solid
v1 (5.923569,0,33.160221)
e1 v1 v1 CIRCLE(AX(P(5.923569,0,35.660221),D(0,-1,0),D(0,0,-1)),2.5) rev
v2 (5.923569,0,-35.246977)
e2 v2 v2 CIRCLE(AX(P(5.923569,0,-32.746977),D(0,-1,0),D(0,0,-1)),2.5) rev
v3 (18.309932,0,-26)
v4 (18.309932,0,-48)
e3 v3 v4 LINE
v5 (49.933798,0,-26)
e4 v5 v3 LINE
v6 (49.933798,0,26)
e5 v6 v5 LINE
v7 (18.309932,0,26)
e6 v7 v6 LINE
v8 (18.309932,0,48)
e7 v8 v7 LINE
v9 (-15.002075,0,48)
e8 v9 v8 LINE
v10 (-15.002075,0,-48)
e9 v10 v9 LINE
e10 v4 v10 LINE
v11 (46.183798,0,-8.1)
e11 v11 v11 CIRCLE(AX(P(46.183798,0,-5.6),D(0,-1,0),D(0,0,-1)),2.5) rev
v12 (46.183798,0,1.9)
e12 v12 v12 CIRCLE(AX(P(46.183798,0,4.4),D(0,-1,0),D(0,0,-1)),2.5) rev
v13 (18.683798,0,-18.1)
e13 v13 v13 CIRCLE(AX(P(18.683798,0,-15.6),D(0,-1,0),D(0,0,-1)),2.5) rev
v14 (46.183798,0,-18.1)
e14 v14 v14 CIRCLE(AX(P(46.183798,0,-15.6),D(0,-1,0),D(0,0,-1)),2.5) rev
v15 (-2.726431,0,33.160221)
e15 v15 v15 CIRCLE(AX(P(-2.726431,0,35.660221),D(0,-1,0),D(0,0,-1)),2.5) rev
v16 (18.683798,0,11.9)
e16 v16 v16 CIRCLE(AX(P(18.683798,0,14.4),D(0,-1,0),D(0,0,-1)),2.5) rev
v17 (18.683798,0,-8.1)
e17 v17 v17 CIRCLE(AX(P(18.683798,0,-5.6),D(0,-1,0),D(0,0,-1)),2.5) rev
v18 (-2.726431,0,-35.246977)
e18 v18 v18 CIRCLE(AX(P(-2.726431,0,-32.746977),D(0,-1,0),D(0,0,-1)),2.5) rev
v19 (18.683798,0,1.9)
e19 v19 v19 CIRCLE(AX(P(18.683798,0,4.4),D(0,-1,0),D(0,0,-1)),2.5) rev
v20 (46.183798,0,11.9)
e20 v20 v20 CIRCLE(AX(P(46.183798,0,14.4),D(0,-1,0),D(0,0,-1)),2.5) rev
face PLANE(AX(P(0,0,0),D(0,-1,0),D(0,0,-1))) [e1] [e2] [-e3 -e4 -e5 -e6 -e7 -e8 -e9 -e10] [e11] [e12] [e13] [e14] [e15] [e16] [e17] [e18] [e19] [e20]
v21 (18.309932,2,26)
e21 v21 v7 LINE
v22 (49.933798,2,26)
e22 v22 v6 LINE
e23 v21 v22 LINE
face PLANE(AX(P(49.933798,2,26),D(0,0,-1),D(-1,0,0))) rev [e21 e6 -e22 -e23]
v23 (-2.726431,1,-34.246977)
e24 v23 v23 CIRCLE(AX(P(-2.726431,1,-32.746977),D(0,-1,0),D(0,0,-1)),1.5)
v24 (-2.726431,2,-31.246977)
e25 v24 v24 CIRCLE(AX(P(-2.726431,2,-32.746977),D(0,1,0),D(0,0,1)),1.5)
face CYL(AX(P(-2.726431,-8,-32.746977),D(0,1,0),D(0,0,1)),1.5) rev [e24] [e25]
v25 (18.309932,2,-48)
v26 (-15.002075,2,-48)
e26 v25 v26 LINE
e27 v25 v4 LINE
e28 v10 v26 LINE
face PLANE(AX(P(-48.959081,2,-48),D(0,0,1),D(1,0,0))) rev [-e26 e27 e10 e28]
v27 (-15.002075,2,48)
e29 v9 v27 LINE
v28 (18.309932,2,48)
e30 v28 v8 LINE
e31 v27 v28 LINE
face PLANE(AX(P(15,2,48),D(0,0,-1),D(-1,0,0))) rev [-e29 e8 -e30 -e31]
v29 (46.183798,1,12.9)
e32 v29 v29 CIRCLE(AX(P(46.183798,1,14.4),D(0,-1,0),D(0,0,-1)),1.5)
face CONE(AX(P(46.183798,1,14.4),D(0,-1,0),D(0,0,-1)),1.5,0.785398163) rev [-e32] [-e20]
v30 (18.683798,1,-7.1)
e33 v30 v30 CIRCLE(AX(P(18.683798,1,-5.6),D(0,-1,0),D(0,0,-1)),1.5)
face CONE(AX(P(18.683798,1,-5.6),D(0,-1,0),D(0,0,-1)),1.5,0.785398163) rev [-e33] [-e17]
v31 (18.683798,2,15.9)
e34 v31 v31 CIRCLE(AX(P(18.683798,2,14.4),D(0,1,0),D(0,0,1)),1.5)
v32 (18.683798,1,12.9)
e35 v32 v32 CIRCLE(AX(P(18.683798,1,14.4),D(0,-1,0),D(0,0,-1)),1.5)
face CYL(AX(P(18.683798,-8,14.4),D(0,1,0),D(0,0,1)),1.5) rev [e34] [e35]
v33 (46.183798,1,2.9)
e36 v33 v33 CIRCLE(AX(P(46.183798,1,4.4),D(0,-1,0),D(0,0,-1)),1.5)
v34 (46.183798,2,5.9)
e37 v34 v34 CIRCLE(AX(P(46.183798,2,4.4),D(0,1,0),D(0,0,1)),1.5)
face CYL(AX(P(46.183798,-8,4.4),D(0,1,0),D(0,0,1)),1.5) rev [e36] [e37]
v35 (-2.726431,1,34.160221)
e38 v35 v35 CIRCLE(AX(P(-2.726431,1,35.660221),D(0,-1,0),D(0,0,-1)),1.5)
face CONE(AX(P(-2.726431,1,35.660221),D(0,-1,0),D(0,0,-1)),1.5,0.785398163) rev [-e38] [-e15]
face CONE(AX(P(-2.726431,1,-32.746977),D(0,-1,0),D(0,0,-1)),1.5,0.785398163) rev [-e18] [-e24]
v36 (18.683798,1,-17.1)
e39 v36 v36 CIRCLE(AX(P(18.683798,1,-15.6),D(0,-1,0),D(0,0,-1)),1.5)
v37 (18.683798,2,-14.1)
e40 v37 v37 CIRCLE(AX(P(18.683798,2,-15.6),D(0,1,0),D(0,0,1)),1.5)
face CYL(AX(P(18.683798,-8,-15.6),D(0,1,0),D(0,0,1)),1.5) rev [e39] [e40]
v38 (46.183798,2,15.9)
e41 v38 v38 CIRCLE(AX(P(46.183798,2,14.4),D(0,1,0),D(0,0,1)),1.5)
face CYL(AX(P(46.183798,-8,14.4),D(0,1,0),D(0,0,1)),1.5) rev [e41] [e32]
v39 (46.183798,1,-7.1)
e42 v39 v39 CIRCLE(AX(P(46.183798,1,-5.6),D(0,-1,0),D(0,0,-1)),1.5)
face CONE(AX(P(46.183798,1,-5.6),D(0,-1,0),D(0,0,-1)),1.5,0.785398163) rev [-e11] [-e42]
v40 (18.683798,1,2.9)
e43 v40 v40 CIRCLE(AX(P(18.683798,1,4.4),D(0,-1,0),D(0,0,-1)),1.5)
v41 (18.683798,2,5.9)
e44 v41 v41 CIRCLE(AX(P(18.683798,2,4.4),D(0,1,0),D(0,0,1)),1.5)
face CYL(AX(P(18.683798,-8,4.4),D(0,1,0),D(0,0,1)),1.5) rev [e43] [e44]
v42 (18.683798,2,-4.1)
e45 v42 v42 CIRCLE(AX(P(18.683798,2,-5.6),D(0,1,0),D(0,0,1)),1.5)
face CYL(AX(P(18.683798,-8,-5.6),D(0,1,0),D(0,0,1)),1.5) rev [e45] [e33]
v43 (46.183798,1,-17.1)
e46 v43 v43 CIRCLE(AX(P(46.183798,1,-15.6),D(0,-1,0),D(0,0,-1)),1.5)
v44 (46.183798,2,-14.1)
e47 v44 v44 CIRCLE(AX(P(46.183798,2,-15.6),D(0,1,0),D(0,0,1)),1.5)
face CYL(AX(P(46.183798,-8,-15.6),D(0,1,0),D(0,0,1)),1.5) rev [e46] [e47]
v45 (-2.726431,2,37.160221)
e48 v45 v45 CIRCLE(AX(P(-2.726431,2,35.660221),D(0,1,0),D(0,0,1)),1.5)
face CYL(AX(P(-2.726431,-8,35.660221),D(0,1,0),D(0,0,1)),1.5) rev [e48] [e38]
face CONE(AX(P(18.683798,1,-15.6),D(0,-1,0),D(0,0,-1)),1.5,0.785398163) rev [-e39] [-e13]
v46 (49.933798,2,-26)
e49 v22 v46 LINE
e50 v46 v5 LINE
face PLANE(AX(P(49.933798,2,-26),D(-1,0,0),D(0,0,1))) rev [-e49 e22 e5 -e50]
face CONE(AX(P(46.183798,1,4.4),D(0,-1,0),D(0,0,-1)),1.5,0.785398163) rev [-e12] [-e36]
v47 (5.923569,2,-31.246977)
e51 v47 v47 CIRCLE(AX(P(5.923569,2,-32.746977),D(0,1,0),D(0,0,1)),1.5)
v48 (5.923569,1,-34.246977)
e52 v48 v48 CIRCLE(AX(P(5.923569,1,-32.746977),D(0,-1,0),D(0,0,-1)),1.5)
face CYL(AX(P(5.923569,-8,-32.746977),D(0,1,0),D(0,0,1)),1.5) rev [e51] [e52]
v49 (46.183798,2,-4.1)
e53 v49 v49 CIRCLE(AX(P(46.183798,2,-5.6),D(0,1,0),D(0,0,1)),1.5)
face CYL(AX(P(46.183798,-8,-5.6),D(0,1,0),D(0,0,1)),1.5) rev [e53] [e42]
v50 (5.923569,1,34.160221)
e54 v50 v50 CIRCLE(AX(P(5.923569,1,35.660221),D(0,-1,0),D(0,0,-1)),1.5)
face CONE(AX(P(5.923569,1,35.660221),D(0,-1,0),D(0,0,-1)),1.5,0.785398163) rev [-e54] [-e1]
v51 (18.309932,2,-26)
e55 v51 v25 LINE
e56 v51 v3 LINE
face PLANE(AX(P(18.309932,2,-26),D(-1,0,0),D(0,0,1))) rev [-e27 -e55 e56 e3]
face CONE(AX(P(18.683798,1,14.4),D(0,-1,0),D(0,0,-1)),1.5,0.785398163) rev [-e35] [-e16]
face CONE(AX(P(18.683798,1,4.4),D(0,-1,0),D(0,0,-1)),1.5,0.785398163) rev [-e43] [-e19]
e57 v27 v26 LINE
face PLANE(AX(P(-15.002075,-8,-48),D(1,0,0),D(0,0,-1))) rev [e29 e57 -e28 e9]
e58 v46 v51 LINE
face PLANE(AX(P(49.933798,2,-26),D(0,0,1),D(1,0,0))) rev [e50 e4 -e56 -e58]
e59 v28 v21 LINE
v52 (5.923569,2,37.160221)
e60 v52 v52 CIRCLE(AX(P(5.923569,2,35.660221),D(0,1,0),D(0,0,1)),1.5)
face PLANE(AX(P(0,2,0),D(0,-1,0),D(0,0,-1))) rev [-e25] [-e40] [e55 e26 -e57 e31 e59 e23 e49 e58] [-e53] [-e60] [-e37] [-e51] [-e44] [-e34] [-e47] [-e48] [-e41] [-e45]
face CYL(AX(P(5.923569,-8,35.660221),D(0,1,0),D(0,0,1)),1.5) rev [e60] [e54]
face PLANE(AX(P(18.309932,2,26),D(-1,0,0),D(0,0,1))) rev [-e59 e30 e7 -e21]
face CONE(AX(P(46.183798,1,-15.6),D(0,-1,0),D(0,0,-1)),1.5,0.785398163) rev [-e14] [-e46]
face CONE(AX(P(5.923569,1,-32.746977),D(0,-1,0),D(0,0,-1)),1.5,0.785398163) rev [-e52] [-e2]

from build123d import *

# Parameters (mm, degrees)
SKETCH_1_W          = 17.893001423
SKETCH_1_H          = 11.620982588
SKETCH_1_H_2        = 11.620982589
EXTRUDE_1_DEPTH     = 2
SKETCH_2_R          = 1.5
CUT_EXTRUDE_1_DEPTH = 10
CHAMFER_1_SIZE      = 1
SKETCH_3_R          = 1.5
CUT_EXTRUDE_2_DEPTH = 10
SKETCH_4_W          = 33.95700602
SKETCH_4_H          = 96
CUT_EXTRUDE_3_DEPTH = 10
CHAMFER_2_SIZE      = 1


with BuildPart() as part:
    # Эскиз1 → Бобышка-Вытянуть1 (new body)
    with BuildSketch(Plane(origin=(0, 0, 0), x_dir=(1, 0, 0), z_dir=(0, 1, 0))):
        Polygon((49.933797981, 26), (18.309932441, 26), (18.309932441, 48), (15, 48), (-48.959081244, 48), (-48.959081244, -48), (15, -48), (18.309932441, -48), (18.309932441, -26), (49.933797981, -26), align=None)
        with Locations((-36.319088007, -31.12001489)):
            Rectangle(SKETCH_1_W, SKETCH_1_H, mode=Mode.SUBTRACT)
        with Locations((-36.319088007, 31.12001489)):
            Rectangle(SKETCH_1_W, SKETCH_1_H_2, mode=Mode.SUBTRACT)
    extrude(amount=EXTRUDE_1_DEPTH)

    # Эскиз2 → Вырез-Вытянуть1 (cut)
    with BuildSketch(Plane(origin=(0, 2, 0), x_dir=(1, 0, 0), z_dir=(0, 1, 0))):
        with Locations(Location((46.183797981, -14.4, 0), (0, 0, 270))):
            Circle(SKETCH_2_R)
        with Locations(Location((18.683797981, -14.4, 0), (0, 0, 270))):
            Circle(SKETCH_2_R)
        with Locations(Location((18.683797981, -4.4, 0), (0, 0, 270))):
            Circle(SKETCH_2_R)
        with Locations(Location((46.183797981, -4.4, 0), (0, 0, 270))):
            Circle(SKETCH_2_R)
        with Locations(Location((18.683797981, 5.6, 0), (0, 0, 270))):
            Circle(SKETCH_2_R)
        with Locations(Location((46.183797981, 5.6, 0), (0, 0, 270))):
            Circle(SKETCH_2_R)
        with Locations(Location((18.683797981, 15.6, 0), (0, 0, 270))):
            Circle(SKETCH_2_R)
        with Locations(Location((46.183797981, 15.6, 0), (0, 0, 270))):
            Circle(SKETCH_2_R)
    extrude(amount=-CUT_EXTRUDE_1_DEPTH, mode=Mode.SUBTRACT)

    # Фаска1
    chamfer_1_edges = [part.edges().sort_by_distance(p)[0] for p in [
        (46.183797981, 0, -7.1),
        (18.683797981, 0, 2.9),
        (46.183797981, 0, 2.9),
        (18.683797981, 0, 12.9),
        (18.683797981, 0, -17.1),
        (46.183797981, 0, -17.1),
        (18.683797981, 0, -7.1),
        (46.183797981, 0, 12.9),
    ]]
    chamfer(chamfer_1_edges, length=CHAMFER_1_SIZE)

    # Эскиз3 → Вырез-Вытянуть2 (cut)
    with BuildSketch(Plane(origin=(0, 2, 0), x_dir=(1, 0, 0), z_dir=(0, 1, 0))):
        with Locations(Location((5.923569009, 32.746976788, 0), (0, 0, 270))):
            Circle(SKETCH_3_R)
        with Locations(Location((-2.726430991, 32.746976788, 0), (0, 0, 270))):
            Circle(SKETCH_3_R)
        with Locations(Location((-2.726430991, -35.660220789, 0), (0, 0, 270))):
            Circle(SKETCH_3_R)
        with Locations(Location((5.923569009, -35.660220789, 0), (0, 0, 270))):
            Circle(SKETCH_3_R)
    extrude(amount=-CUT_EXTRUDE_2_DEPTH, mode=Mode.SUBTRACT)

    # Эскиз4 → Вырез-Вытянуть3 (cut)
    with BuildSketch(Plane(origin=(0, 2, 0), x_dir=(1, 0, 0), z_dir=(0, 1, 0))):
        with Locations((-31.980578234, 0)):
            Rectangle(SKETCH_4_W, SKETCH_4_H)
    extrude(amount=-CUT_EXTRUDE_3_DEPTH, mode=Mode.SUBTRACT)

    # Фаска2
    chamfer_2_edges = [part.edges().sort_by_distance(p)[0] for p in [
        (5.923569009, 0, 34.160220789),
        (-2.726430991, 0, 34.160220789),
        (-2.726430991, 0, -34.246976788),
        (5.923569009, 0, -34.246976788),
    ]]
    chamfer(chamfer_2_edges, length=CHAMFER_2_SIZE)


solid = part.part
